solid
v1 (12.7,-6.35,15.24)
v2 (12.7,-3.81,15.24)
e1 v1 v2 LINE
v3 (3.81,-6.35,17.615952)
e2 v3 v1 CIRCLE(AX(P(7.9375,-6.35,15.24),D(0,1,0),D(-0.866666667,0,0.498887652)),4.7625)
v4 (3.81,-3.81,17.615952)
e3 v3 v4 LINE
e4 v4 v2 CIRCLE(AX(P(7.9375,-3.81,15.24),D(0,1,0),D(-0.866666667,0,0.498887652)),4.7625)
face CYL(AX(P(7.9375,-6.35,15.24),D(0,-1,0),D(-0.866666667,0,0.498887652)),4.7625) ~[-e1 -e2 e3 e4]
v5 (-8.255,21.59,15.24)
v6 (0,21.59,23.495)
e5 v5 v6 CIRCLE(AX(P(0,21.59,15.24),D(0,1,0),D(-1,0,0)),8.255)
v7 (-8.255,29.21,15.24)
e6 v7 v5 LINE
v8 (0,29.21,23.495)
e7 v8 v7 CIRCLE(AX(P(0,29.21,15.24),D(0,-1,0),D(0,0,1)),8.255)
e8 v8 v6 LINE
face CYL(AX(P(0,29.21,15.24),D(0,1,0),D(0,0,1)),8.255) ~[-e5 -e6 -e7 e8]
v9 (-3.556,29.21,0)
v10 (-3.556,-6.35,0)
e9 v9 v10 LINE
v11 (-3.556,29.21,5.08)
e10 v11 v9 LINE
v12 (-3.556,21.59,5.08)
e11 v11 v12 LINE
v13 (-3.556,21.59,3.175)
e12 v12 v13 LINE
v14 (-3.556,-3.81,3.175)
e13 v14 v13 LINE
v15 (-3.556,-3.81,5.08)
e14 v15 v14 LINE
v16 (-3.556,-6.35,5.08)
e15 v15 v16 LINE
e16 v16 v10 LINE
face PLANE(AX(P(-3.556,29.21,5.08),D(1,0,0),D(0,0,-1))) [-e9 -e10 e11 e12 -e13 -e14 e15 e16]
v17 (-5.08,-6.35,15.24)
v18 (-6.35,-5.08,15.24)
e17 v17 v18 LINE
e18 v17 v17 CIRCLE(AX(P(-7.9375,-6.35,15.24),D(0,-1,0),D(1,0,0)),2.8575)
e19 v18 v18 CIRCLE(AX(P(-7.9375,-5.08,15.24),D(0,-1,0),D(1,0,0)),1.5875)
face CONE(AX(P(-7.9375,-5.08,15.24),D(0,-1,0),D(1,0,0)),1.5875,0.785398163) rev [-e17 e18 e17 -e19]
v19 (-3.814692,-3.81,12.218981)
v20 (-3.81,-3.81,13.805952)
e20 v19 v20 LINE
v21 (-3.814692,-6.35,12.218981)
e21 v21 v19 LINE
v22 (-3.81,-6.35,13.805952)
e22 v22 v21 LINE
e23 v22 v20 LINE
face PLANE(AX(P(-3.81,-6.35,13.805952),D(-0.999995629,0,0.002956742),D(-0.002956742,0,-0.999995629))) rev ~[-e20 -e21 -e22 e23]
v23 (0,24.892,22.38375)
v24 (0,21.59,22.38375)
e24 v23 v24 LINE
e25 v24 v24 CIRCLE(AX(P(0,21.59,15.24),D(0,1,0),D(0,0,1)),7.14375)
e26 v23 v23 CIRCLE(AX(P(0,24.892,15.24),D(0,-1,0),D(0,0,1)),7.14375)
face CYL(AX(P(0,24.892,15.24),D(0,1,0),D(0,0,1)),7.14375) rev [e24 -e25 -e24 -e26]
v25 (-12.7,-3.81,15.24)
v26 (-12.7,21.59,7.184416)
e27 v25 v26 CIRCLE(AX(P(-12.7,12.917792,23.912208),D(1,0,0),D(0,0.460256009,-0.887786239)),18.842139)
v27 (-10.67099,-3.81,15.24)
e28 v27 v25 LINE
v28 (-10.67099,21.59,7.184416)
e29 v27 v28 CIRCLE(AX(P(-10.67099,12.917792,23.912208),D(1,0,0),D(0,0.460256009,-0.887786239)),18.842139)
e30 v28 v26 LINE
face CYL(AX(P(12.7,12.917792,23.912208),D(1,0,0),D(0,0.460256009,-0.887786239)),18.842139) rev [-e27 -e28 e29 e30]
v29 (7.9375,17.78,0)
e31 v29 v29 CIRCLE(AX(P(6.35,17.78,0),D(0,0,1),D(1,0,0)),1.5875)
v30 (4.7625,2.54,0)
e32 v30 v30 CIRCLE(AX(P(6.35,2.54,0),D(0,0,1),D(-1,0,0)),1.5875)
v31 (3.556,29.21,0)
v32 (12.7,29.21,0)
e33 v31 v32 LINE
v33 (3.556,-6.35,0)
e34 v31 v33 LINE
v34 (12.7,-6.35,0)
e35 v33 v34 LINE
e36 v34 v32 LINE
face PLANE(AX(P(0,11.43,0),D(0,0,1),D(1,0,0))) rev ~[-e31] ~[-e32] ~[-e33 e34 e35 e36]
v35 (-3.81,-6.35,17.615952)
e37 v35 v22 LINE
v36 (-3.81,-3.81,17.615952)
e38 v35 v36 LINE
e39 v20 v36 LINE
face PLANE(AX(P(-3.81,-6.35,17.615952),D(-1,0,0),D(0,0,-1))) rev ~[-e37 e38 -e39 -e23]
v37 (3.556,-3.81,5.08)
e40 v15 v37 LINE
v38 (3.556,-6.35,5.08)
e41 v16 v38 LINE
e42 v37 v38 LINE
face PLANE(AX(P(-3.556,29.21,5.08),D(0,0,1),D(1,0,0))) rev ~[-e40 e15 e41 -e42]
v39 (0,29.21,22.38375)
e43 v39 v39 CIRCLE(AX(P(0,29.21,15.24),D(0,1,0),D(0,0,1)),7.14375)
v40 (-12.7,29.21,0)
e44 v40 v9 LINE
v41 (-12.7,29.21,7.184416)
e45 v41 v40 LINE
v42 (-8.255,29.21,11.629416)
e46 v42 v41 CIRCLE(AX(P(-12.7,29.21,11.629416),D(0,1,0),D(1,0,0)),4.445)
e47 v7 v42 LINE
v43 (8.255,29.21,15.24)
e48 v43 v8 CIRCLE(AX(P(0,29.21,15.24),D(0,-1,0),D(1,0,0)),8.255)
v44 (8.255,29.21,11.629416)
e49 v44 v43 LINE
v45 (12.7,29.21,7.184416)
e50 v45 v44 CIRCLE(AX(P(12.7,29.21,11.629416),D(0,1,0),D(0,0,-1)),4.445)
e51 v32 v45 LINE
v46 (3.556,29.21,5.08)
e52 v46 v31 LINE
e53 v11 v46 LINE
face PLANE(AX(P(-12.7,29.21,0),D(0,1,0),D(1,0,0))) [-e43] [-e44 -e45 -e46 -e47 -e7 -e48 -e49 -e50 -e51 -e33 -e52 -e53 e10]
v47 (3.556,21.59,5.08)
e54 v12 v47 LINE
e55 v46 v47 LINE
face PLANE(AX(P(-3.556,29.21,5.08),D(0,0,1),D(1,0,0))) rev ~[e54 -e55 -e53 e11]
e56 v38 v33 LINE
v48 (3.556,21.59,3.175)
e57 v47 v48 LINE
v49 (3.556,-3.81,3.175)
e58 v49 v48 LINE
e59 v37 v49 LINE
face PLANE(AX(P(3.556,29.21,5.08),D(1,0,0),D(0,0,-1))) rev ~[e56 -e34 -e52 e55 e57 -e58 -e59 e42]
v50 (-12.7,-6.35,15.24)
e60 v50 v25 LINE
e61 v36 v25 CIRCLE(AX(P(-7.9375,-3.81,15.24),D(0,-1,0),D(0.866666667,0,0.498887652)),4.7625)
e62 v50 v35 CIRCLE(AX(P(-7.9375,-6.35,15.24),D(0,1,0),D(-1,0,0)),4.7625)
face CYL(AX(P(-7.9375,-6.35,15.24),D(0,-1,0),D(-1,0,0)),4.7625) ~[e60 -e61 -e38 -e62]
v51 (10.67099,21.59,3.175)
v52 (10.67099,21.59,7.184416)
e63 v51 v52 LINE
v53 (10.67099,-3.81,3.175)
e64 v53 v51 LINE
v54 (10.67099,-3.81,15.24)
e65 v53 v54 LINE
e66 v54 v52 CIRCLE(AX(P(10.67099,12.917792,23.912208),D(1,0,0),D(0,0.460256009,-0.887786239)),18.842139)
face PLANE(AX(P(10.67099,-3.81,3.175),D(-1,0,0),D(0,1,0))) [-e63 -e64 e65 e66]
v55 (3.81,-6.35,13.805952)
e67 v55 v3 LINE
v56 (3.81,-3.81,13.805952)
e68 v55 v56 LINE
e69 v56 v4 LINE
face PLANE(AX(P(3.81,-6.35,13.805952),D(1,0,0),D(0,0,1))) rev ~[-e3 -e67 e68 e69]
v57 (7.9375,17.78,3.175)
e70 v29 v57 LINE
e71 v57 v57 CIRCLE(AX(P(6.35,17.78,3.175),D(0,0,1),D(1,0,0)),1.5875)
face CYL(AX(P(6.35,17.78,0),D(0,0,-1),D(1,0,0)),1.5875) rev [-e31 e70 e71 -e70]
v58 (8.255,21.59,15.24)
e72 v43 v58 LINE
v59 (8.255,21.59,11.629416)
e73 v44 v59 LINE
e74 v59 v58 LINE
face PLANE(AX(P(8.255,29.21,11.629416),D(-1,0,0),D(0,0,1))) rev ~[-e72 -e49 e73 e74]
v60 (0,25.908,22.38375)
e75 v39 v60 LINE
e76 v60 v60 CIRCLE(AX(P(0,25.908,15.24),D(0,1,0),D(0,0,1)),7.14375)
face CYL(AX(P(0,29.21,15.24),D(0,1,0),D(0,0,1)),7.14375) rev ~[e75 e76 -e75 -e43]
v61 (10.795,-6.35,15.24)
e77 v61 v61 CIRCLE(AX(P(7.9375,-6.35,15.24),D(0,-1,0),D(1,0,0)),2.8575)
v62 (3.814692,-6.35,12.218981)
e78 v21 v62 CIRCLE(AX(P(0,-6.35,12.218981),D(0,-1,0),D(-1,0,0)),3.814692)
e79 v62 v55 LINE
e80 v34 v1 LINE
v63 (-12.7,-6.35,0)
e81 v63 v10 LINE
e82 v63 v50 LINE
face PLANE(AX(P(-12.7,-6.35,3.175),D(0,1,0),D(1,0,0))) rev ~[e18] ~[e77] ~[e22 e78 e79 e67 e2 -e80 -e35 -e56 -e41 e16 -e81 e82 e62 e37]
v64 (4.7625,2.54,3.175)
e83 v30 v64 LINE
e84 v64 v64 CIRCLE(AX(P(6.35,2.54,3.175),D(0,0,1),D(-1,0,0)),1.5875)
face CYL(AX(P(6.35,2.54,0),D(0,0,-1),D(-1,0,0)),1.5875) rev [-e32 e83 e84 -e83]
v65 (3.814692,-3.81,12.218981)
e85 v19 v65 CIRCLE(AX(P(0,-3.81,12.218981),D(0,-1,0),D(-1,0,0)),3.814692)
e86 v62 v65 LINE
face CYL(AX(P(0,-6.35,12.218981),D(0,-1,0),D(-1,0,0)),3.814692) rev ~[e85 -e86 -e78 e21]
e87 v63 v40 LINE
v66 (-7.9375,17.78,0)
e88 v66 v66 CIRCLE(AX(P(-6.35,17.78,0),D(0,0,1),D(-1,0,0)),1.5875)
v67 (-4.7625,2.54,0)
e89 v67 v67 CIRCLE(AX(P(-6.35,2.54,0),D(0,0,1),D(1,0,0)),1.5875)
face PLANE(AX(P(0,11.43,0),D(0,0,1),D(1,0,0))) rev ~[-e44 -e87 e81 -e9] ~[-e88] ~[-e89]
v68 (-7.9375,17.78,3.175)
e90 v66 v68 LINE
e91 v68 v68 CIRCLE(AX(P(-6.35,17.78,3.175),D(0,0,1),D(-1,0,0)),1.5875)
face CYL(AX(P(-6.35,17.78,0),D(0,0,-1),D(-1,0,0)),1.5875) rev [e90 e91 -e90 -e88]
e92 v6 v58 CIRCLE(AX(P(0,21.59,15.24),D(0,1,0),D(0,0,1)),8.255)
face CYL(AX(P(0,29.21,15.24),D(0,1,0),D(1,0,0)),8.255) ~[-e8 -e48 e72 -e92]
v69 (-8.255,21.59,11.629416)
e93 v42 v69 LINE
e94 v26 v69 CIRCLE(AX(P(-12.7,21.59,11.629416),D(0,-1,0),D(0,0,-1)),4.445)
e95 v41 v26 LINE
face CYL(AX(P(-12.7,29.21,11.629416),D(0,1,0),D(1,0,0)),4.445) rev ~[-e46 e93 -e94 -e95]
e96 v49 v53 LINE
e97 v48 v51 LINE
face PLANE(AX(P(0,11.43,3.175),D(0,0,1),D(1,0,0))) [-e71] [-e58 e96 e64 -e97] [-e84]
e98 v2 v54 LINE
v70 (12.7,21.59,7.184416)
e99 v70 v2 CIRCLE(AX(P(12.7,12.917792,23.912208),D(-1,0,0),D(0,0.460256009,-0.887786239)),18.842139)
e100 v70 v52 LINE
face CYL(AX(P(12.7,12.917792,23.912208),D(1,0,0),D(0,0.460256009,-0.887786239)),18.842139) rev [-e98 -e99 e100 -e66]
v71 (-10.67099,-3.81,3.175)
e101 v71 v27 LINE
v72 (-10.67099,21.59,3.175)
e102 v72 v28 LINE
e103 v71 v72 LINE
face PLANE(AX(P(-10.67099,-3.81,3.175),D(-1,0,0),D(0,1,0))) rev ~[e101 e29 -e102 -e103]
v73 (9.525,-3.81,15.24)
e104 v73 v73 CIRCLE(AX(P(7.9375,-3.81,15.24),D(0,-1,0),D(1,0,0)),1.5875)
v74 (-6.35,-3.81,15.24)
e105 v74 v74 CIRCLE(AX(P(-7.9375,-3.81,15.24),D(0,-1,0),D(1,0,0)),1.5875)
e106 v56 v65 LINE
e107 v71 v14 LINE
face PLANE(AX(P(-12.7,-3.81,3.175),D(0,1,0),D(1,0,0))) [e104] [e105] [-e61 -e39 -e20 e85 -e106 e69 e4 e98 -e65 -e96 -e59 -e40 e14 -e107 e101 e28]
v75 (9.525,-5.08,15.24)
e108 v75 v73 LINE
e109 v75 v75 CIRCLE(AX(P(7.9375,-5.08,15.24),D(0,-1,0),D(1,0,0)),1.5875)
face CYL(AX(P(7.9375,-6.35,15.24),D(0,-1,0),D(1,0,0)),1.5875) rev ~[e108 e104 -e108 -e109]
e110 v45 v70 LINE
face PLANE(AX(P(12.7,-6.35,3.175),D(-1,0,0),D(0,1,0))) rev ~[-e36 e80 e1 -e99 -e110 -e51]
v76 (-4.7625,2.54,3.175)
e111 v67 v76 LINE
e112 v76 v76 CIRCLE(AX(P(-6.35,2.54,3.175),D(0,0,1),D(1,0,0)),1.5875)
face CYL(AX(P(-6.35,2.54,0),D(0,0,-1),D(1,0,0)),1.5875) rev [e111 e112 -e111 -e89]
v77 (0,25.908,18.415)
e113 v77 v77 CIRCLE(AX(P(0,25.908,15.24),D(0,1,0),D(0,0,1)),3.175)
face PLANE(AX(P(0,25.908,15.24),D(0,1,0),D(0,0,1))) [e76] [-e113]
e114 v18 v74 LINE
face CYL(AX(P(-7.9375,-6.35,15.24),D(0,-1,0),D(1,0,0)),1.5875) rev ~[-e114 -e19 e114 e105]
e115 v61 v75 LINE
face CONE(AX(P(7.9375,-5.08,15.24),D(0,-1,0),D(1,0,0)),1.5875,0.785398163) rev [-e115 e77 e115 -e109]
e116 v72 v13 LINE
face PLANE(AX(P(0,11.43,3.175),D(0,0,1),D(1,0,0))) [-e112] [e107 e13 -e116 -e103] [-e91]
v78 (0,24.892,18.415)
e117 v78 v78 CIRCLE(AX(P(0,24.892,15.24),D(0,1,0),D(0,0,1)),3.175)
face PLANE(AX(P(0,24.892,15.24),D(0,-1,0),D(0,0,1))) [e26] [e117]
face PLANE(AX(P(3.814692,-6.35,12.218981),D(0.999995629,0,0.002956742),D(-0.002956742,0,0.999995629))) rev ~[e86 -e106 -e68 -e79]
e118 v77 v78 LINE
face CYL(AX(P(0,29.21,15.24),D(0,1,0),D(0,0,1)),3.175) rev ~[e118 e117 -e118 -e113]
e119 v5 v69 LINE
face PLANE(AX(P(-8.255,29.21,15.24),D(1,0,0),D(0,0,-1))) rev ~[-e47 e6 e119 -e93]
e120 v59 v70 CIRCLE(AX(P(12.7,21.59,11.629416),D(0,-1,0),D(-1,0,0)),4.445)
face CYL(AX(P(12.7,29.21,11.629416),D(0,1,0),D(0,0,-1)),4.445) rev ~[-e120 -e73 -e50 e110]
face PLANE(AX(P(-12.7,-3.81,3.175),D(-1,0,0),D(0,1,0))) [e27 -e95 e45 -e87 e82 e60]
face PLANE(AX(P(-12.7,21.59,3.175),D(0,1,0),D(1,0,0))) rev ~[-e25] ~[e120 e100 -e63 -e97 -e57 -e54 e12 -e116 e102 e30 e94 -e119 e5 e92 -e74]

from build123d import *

# Parameters (mm, degrees)
SKETCH1_W           = 25.4
SKETCH1_H           = 35.56
SKETCH1_R           = 1.5875
BOSS_EXTRUDE1_DEPTH = 3.175
SKETCH7_W           = 25.4
SKETCH7_H           = 2.54
SKETCH7_H_2         = 7.62
BOSS_EXTRUDE3_DEPTH = 20.32
SKETCH11_R          = 1.5875
CUT_EXTRUDE1_DEPTH  = 10
CHAMFER2_SIZE       = 1.27
SKETCH13_R          = 3.175
CUT_EXTRUDE2_DEPTH  = 12.7
SKETCH14_R          = 7.14375
CUT_EXTRUDE3_DEPTH  = 3.302
CUT_EXTRUDE4_START  = -3.302
SKETCH15_R          = 7.14375
CUT_EXTRUDE4_DEPTH  = 3.302
CUT_EXTRUDE5_DEPTH  = 12.7
SKETCH17_W          = 2.029010409
SKETCH17_H          = 25.4
BOSS_EXTRUDE4_DEPTH = 12.7
CUT_EXTRUDE6_DEPTH  = 46.281333074
SKETCH19_W          = 7.112
SKETCH19_H          = 5.08
CUT_EXTRUDE7_DEPTH  = 45.472672789


with BuildPart() as part:
    # Sketch1 → Boss-Extrude1 (new body)
    with BuildSketch(Plane.XY):
        with Locations((0, 11.43)):
            Rectangle(SKETCH1_W, SKETCH1_H)
        with Locations((-6.35, 2.54)):
            Circle(SKETCH1_R, mode=Mode.SUBTRACT)
        with Locations(Location((6.35, 2.54, 0), (0, 0, 180))):
            Circle(SKETCH1_R, mode=Mode.SUBTRACT)
        with Locations((6.35, 17.78)):
            Circle(SKETCH1_R, mode=Mode.SUBTRACT)
        with Locations(Location((-6.35, 17.78, 0), (0, 0, 180))):
            Circle(SKETCH1_R, mode=Mode.SUBTRACT)
    extrude(amount=BOSS_EXTRUDE1_DEPTH)

    # Sketch7 → Boss-Extrude3 (add)
    with BuildSketch(Plane.XY.offset(3.175)):
        with Locations((0, -5.08)):
            Rectangle(SKETCH7_W, SKETCH7_H)
        with Locations((0, 25.4)):
            Rectangle(SKETCH7_W, SKETCH7_H_2)
    extrude(amount=BOSS_EXTRUDE3_DEPTH)

    # Sketch11 → Cut-Extrude1 (cut)
    with BuildSketch(Plane.XZ.offset(6.35)):
        with BuildLine():
            Line((-3.81, 13.805952441), (-3.814692285, 12.218981082))
            ThreePointArc((-3.814692285, 12.218981082), (0, 8.404288797), (3.814692285, 12.218981082))
            Line((3.814692285, 12.218981082), (3.81, 13.805952441))
            Line((3.81, 13.805952441), (3.81, 17.615952441))
            ThreePointArc((3.81, 17.615952441), (9.167172212, 19.841012117), (12.7, 15.24))
            Line((12.7, 15.24), (12.7, 23.495))
            Line((12.7, 23.495), (-12.7, 23.495))
            Line((-12.7, 23.495), (-12.7, 15.24))
            ThreePointArc((-12.7, 15.24), (-9.167172212, 19.841012117), (-3.81, 17.615952441))
            Line((-3.81, 17.615952441), (-3.81, 13.805952441))
        make_face()
        with Locations((-7.9375, 15.24)):
            Circle(SKETCH11_R)
        with Locations((7.9375, 15.24)):
            Circle(SKETCH11_R)
    extrude(amount=-CUT_EXTRUDE1_DEPTH, mode=Mode.SUBTRACT)

    # Chamfer2
    chamfer2_edges = [part.edges().sort_by_distance(p)[0] for p in [
        (-9.525, -6.35, 15.24),
        (6.35, -6.35, 15.24),
    ]]
    chamfer(chamfer2_edges, length=CHAMFER2_SIZE)

    # Sketch13 → Cut-Extrude2 (cut)
    with BuildSketch(Plane(origin=(0, 29.21, 0), x_dir=(1, 0, 0), z_dir=(0, 1, 0))):
        with Locations(Location((0, -15.24, 0), (0, 0, 270))):
            Circle(SKETCH13_R)
    extrude(amount=-CUT_EXTRUDE2_DEPTH, mode=Mode.SUBTRACT)

    # Sketch14 → Cut-Extrude3 (cut)
    with BuildSketch(Plane(origin=(0, 29.21, 0), x_dir=(1, 0, 0), z_dir=(0, 1, 0))):
        with Locations(Location((0, -15.24, 0), (0, 0, 270))):
            Circle(SKETCH14_R)
    extrude(amount=-CUT_EXTRUDE3_DEPTH, mode=Mode.SUBTRACT)

    # Sketch15 → Cut-Extrude4 (cut)
    with BuildSketch(Plane.XZ.offset(-21.59).offset(CUT_EXTRUDE4_START)):
        with Locations(Location((0, 15.24, 0), (0, 0, 90))):
            Circle(SKETCH15_R)
    extrude(amount=CUT_EXTRUDE4_DEPTH, mode=Mode.SUBTRACT)

    # Sketch16 → Cut-Extrude5 (cut)
    with BuildSketch(Plane(origin=(0, 29.21, 0), x_dir=(1, 0, 0), z_dir=(0, 1, 0))):
        with BuildLine():
            ThreePointArc((8.255, -15.24), (5.837166479, -21.077166479), (0, -23.495))
            Line((0, -23.495), (12.7, -23.495))
            Line((12.7, -23.495), (12.7, -7.184415797))
            ThreePointArc((12.7, -7.184415797), (9.556910358, -8.486326154), (8.255, -11.629415797))
            Line((8.255, -11.629415797), (8.255, -15.24))
        make_face()
        with BuildLine():
            ThreePointArc((0, -23.495), (-5.837166479, -21.077166479), (-8.255, -15.24))
            Line((-8.255, -15.24), (-8.255, -11.629415797))
            ThreePointArc((-8.255, -11.629415797), (-9.556910358, -8.486326154), (-12.7, -7.184415797))
            Line((-12.7, -7.184415797), (-12.7, -23.495))
            Line((-12.7, -23.495), (0, -23.495))
        make_face()
    extrude(amount=-CUT_EXTRUDE5_DEPTH, mode=Mode.SUBTRACT)

    # Sketch17 → Boss-Extrude4 (add)
    with BuildSketch(Plane.XY.offset(3.175)):
        with Locations((-11.685494796, 8.89)):
            Rectangle(SKETCH17_W, SKETCH17_H)
        with Locations((11.685494796, 8.89)):
            Rectangle(SKETCH17_W, SKETCH17_H)
    extrude(amount=BOSS_EXTRUDE4_DEPTH)

    # Sketch18 → Cut-Extrude6 (cut, through all)
    with BuildSketch(Plane(origin=(12.7, 0, 0), x_dir=(0, 0, -1), z_dir=(1, 0, 0))):
        with BuildLine():
            ThreePointArc((-7.184415797, 21.59), (-5.951695656, 7.221633885), (-15.24, -3.81))
            Line((-15.24, -3.81), (-15.875, -3.81))
            Line((-15.875, -3.81), (-15.875, 21.59))
            Line((-15.875, 21.59), (-7.184415797, 21.59))
        make_face()
    extrude(amount=-CUT_EXTRUDE6_DEPTH, mode=Mode.SUBTRACT)

    # Sketch19 → Cut-Extrude7 (cut, through all)
    with BuildSketch(Plane(origin=(0, 29.21, 0), x_dir=(1, 0, 0), z_dir=(0, 1, 0))):
        with Locations((0, -2.54)):
            Rectangle(SKETCH19_W, SKETCH19_H)
    extrude(amount=-CUT_EXTRUDE7_DEPTH, mode=Mode.SUBTRACT)


solid = part.part
